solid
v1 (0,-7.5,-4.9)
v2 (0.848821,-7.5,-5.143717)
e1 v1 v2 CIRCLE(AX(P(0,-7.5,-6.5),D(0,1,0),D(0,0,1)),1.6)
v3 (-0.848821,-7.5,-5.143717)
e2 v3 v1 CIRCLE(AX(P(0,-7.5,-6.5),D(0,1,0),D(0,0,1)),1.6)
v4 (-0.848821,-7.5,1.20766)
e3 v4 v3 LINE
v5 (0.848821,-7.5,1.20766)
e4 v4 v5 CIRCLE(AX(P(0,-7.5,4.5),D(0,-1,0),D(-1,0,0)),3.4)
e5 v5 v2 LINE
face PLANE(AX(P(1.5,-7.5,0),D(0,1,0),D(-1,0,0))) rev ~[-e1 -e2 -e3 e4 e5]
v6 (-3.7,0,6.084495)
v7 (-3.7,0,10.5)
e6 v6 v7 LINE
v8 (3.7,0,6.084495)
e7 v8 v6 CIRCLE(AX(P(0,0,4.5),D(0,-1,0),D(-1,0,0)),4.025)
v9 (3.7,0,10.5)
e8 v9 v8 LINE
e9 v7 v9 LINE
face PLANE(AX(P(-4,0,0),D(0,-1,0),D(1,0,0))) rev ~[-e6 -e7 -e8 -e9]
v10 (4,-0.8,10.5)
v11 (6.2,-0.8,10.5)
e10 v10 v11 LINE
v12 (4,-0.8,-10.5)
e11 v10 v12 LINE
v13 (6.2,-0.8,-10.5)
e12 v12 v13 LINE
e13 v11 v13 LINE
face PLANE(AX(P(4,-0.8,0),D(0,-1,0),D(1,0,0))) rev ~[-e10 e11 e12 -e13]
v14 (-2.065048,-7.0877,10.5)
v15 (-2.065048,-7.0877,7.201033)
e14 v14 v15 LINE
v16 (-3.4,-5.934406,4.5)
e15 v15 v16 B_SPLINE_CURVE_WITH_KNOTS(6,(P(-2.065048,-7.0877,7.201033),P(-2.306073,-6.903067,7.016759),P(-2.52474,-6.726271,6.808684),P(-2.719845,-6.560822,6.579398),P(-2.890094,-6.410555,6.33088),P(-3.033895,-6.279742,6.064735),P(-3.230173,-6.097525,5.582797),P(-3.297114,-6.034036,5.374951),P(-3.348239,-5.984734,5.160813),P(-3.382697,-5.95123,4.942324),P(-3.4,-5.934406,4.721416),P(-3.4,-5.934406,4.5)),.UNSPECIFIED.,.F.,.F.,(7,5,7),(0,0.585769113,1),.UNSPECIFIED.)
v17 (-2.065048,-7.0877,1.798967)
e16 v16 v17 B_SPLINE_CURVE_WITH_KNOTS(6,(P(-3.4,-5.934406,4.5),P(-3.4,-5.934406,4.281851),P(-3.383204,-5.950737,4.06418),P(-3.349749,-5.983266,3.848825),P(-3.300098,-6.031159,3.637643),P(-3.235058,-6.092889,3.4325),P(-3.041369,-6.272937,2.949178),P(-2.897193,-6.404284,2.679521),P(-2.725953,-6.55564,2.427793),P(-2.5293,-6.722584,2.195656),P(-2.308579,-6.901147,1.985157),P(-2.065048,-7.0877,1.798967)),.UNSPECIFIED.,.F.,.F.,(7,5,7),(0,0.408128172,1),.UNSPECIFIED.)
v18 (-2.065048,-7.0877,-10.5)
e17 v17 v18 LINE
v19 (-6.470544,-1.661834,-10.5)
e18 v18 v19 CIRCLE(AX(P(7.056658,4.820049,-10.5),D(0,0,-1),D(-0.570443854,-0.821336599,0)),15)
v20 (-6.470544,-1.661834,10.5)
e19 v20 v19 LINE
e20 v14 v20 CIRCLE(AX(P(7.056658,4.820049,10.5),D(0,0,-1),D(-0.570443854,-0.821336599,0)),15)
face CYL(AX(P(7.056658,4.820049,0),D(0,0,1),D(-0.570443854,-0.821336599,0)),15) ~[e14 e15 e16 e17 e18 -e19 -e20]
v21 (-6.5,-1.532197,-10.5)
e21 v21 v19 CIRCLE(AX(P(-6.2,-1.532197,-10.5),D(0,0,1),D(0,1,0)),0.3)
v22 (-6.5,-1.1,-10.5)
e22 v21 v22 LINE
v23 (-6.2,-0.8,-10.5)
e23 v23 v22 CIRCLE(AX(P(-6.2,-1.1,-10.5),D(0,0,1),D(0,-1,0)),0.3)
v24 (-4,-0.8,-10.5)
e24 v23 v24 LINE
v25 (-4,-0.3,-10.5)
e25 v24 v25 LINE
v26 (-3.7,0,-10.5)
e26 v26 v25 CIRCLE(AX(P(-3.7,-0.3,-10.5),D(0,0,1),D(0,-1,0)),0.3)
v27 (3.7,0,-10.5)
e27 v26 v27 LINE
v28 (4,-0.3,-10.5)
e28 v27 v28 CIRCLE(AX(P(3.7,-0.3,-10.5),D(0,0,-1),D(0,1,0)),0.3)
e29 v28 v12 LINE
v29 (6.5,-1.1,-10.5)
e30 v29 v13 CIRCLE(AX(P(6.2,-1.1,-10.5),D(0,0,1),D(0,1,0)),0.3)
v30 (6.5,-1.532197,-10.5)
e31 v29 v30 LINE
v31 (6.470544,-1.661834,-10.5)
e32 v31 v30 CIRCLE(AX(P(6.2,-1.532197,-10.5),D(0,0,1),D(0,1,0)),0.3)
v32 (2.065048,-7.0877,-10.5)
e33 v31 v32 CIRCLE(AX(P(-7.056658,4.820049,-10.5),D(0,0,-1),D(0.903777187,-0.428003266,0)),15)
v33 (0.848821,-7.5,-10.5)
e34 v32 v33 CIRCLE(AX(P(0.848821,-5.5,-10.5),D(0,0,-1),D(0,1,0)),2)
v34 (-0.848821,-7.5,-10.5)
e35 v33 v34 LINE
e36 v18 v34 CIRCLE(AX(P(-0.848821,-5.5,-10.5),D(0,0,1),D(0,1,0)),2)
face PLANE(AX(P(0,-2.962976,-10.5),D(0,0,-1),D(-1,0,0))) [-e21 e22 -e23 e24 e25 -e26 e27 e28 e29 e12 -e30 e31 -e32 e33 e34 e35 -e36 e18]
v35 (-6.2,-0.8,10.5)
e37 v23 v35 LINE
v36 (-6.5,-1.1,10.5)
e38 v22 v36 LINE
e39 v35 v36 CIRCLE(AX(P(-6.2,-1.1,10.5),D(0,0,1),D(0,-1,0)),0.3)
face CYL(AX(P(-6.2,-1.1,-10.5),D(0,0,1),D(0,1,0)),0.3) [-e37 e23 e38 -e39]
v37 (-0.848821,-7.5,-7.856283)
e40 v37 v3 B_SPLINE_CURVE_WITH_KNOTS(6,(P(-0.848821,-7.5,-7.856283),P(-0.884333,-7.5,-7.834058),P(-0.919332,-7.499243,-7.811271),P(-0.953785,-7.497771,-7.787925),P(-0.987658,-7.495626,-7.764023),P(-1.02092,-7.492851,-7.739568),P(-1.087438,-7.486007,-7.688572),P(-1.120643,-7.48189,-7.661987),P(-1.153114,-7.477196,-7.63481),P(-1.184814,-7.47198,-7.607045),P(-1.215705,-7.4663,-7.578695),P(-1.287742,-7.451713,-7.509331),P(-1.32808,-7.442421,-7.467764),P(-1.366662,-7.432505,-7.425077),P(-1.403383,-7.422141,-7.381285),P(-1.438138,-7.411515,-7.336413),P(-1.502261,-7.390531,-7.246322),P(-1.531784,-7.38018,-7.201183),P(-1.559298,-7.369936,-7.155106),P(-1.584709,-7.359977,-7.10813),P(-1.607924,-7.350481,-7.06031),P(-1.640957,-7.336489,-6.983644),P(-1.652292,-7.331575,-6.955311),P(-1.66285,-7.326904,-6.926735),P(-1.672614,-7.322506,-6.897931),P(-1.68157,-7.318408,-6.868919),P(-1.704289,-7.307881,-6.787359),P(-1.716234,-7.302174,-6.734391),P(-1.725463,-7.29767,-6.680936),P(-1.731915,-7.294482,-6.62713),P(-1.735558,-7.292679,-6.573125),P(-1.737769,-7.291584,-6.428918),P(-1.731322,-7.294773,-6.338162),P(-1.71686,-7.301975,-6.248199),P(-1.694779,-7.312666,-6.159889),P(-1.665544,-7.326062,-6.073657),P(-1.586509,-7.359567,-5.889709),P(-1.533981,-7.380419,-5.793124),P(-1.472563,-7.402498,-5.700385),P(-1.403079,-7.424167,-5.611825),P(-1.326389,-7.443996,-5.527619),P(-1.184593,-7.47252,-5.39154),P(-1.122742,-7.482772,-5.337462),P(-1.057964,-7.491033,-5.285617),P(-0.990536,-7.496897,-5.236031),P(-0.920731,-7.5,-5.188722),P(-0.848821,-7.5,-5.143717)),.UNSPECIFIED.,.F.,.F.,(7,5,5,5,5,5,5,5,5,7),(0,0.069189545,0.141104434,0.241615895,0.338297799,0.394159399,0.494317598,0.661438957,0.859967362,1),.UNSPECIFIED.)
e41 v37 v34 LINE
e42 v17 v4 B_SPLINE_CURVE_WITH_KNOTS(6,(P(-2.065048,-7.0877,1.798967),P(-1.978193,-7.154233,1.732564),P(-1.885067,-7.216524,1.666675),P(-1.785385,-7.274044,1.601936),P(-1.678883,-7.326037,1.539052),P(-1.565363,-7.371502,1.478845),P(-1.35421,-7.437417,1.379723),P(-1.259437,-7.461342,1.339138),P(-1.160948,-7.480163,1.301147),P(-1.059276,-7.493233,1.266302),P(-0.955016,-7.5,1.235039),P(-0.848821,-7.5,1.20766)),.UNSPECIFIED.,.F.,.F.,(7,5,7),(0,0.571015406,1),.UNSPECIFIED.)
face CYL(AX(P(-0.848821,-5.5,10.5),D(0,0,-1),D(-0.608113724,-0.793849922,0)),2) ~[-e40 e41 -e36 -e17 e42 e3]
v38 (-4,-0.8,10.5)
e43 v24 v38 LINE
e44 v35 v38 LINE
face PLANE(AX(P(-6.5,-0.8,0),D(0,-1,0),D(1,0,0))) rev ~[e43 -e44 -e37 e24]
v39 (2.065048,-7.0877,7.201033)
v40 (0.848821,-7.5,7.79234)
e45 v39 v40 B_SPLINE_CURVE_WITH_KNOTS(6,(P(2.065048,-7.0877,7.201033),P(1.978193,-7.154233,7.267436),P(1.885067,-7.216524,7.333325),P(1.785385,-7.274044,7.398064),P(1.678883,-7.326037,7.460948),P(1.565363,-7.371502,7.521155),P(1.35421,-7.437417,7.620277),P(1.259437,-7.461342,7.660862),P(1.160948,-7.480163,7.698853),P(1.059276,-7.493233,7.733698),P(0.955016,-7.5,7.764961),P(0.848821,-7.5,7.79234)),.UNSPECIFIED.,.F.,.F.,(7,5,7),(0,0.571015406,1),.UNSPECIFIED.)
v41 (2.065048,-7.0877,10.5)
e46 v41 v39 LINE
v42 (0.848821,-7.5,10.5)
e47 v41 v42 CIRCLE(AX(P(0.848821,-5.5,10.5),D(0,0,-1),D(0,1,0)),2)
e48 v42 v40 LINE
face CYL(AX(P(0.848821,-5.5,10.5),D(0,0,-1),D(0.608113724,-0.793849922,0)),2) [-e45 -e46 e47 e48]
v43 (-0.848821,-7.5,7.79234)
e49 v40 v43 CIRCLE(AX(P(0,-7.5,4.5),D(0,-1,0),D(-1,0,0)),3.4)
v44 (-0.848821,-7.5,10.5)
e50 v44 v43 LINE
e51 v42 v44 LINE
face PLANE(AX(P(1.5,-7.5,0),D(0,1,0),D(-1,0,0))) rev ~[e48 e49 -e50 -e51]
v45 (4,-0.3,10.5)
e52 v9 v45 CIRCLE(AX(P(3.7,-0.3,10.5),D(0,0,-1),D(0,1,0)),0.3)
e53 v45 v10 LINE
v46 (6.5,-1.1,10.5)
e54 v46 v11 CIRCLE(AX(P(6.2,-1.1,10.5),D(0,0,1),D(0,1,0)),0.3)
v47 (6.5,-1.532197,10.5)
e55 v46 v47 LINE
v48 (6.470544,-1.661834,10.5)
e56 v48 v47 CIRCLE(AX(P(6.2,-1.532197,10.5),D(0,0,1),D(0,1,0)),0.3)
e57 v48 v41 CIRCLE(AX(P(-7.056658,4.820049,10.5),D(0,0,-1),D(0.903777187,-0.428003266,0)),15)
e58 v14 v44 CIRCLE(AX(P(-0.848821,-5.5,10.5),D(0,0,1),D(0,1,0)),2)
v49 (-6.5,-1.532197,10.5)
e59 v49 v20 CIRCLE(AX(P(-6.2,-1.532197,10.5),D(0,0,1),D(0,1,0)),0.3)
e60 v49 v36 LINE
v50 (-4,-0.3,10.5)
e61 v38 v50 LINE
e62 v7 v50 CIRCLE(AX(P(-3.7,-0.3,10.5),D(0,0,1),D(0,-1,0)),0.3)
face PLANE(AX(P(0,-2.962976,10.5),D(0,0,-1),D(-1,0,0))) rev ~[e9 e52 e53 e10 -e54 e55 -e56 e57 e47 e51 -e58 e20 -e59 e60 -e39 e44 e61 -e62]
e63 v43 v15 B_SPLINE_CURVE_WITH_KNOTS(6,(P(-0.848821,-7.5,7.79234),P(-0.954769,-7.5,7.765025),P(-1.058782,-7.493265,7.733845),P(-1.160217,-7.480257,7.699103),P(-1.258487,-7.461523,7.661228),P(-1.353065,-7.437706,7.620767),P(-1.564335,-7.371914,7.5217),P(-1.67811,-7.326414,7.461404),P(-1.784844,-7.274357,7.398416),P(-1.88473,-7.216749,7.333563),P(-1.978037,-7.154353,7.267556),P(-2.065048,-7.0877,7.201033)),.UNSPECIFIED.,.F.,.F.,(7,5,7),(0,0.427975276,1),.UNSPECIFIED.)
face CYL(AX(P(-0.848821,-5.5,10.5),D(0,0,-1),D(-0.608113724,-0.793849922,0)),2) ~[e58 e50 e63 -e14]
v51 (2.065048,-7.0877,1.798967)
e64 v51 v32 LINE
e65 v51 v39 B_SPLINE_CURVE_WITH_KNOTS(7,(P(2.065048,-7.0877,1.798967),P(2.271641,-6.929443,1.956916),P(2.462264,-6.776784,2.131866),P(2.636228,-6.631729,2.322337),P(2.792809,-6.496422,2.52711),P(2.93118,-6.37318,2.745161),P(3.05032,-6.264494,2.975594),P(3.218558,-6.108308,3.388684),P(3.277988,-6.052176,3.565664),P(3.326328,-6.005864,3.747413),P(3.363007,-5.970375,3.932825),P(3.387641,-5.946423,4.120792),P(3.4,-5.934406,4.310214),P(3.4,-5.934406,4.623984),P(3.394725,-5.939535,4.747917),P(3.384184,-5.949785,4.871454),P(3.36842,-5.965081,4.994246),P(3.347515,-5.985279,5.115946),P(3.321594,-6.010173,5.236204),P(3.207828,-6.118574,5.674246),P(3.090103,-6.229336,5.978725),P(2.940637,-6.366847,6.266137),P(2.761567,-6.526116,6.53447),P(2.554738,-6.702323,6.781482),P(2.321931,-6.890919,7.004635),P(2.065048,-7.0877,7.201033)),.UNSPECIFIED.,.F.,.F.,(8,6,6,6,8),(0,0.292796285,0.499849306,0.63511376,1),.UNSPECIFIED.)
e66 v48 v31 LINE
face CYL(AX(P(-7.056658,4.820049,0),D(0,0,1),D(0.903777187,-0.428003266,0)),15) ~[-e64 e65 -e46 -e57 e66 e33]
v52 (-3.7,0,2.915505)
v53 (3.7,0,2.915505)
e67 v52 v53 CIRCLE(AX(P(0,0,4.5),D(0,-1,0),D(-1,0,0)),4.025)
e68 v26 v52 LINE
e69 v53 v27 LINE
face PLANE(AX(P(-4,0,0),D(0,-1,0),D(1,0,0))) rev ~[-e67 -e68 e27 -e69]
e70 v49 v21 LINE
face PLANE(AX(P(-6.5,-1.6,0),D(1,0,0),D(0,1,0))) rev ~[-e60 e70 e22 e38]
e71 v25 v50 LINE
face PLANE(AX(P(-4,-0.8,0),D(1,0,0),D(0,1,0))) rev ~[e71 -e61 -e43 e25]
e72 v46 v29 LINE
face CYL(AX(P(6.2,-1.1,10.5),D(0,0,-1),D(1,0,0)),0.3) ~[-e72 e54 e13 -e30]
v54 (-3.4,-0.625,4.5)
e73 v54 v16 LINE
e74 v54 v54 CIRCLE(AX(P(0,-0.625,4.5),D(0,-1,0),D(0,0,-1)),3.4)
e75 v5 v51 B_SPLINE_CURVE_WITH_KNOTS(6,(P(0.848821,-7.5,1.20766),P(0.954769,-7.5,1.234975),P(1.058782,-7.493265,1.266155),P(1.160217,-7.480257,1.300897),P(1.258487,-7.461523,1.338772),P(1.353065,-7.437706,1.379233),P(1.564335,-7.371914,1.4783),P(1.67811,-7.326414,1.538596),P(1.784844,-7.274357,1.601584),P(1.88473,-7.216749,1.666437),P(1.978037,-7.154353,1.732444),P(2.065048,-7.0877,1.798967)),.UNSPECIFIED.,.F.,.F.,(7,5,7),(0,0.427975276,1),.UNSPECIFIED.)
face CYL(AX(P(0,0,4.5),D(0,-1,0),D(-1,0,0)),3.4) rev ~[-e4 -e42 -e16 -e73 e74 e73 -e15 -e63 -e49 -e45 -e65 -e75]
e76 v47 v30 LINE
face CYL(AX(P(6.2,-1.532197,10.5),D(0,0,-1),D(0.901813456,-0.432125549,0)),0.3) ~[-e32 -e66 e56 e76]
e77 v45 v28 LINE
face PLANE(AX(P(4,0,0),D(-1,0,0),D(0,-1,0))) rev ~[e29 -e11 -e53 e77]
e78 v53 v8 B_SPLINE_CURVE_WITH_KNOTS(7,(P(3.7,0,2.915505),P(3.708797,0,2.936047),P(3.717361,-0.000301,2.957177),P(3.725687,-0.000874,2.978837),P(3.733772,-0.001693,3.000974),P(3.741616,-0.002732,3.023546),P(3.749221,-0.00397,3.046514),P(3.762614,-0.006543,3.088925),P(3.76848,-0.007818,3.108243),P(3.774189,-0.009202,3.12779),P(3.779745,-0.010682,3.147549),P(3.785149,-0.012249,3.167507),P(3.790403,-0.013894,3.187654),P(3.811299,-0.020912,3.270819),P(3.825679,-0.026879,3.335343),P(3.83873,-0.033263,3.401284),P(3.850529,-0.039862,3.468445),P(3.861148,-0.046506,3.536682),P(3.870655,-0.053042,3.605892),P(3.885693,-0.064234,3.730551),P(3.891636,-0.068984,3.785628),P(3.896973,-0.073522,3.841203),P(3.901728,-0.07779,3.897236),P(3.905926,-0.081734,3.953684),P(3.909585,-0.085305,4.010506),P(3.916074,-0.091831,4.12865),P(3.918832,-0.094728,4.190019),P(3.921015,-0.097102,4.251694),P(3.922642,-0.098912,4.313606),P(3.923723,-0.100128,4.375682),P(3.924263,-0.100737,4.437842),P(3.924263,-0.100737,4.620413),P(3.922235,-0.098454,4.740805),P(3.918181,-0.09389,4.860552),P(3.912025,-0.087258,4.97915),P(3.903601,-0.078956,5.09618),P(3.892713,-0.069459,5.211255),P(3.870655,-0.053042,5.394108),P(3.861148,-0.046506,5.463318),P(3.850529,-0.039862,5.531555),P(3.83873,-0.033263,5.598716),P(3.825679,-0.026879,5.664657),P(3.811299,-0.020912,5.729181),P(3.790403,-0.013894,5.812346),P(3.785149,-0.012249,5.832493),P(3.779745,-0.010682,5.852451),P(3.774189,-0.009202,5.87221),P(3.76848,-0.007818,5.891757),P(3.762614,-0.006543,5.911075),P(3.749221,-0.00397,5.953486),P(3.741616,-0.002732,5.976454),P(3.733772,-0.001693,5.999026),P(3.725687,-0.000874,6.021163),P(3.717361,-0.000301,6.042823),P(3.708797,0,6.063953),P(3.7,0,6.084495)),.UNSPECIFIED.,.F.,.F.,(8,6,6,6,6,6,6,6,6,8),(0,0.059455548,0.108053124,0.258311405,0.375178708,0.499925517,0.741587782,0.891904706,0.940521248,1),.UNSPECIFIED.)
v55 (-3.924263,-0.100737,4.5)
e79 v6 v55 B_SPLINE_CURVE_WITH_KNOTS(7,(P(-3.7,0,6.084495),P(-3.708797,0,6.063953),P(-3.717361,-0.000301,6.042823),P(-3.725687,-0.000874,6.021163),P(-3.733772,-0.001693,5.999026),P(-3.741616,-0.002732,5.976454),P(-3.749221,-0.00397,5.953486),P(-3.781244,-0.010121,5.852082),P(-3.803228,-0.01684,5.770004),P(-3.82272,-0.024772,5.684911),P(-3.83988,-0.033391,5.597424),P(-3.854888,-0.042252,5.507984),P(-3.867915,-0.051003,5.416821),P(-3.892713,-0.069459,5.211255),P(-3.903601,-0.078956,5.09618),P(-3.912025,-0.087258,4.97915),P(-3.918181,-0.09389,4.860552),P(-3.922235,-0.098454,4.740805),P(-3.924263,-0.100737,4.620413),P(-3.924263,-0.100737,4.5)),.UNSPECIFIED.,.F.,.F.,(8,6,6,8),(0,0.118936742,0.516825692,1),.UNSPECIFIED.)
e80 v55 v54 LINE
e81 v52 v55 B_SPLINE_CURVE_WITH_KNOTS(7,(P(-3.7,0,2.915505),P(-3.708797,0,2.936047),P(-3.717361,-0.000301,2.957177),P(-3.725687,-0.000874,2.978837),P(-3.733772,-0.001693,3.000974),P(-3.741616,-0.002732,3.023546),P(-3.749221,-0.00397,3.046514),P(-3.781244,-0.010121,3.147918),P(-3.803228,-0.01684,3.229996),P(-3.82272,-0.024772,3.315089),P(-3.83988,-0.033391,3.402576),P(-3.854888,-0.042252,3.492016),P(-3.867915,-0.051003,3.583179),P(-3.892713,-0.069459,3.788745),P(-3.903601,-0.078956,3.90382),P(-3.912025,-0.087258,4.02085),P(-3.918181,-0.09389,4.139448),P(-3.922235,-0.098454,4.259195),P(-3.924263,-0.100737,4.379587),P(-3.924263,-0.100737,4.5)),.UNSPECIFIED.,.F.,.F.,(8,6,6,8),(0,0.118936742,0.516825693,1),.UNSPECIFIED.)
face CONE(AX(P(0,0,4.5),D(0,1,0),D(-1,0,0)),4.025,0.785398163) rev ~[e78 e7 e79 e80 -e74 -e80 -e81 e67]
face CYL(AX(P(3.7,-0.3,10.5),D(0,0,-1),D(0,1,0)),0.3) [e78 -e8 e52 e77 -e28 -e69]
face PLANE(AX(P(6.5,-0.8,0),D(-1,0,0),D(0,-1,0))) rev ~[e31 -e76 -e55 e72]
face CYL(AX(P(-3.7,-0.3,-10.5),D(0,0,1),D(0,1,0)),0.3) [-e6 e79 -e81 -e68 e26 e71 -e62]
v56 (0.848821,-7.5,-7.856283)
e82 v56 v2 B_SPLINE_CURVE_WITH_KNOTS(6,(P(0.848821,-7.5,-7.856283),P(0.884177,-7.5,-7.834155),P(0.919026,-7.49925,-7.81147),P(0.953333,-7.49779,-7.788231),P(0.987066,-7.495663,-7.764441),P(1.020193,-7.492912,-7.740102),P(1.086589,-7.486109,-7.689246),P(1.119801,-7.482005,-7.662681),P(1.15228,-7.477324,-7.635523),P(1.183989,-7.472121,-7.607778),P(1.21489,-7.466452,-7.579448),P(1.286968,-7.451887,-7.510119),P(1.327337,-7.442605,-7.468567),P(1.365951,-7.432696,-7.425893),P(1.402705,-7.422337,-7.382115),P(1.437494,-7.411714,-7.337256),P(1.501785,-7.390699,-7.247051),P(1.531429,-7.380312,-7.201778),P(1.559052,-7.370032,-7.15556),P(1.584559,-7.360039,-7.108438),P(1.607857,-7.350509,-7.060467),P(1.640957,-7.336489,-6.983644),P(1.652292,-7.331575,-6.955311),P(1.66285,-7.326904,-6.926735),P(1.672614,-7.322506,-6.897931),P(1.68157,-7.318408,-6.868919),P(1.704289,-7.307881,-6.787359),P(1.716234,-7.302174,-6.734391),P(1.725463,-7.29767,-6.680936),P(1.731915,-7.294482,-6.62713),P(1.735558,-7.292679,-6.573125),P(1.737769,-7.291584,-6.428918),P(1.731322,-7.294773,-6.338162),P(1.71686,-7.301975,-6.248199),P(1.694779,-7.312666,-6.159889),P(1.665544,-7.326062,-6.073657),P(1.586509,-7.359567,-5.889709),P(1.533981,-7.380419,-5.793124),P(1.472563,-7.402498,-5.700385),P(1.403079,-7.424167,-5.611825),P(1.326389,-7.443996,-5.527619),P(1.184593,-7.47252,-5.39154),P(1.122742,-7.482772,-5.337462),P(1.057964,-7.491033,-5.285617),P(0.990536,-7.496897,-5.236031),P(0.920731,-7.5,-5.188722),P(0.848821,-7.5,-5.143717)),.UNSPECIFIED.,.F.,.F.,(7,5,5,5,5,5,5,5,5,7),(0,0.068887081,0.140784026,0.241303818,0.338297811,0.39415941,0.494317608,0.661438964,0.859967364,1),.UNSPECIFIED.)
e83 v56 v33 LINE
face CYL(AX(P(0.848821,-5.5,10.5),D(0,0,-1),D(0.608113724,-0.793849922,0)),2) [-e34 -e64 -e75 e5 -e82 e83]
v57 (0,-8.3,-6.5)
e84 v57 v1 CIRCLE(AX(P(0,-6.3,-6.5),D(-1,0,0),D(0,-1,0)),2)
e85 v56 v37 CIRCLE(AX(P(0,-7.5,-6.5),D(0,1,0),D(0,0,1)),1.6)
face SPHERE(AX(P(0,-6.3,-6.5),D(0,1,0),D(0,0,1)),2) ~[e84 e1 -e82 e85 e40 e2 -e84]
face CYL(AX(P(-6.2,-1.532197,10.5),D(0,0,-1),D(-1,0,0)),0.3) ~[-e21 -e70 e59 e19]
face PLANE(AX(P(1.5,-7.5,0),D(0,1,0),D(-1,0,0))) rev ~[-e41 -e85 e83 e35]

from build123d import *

# Parameters (mm, degrees)
EXTRUDE_1_DEPTH             = 10.5
FILLET_1_R                  = 0.3
FILLET_2_R                  = 2
HOLE_WIZARD_M82_D           = 6.8
HOLE_WIZARD_M82_CSINK_D     = 8.05
HOLE_WIZARD_M82_CSINK_ANGLE = 90


with BuildPart() as part:
    # Эскиз1 → Бобышка-Вытянуть1 (new body, symmetric)
    with BuildSketch(Plane.XY):
        with BuildLine():
            Line((-4, 0), (4, 0))
            Line((4, 0), (4, -0.8))
            Line((4, -0.8), (6.5, -0.8))
            Line((6.5, -0.8), (6.5, -1.6))
            ThreePointArc((6.5, -1.6), (4.386776199, -4.87777644), (1.5, -7.5))
            Line((1.5, -7.5), (-1.5, -7.5))
            ThreePointArc((-1.5, -7.5), (-4.386776199, -4.87777644), (-6.5, -1.6))
            Line((-6.5, -1.6), (-6.5, -0.8))
            Line((-6.5, -0.8), (-4, -0.8))
            Line((-4, -0.8), (-4, 0))
        make_face()
    extrude(amount=EXTRUDE_1_DEPTH, both=True)

    # Скругление1
    fillet_1_edges = [part.edges().sort_by_distance(p)[0] for p in [
        (6.5, -0.8, 0),
        (6.5, -1.6, 0),
        (-6.5, -1.6, 0),
        (-6.5, -0.8, 0),
        (-4, 0, 0),
        (4, 0, 0),
    ]]
    fillet(fillet_1_edges, radius=FILLET_1_R)

    # Скругление2
    fillet_2_edges = [part.edges().sort_by_distance(p)[0] for p in [
        (1.5, -7.5, 0),
        (-1.5, -7.5, 0),
    ]]
    fillet(fillet_2_edges, radius=FILLET_2_R)

    # Отверстие обработанное метчиком M82 (through all)
    with Locations(Plane(origin=(0, 0, 0), x_dir=(1, 0, 0), z_dir=(0, 1, 0))):
        with Locations((0, -4.5)):
            CounterSinkHole(HOLE_WIZARD_M82_D / 2, HOLE_WIZARD_M82_CSINK_D / 2, counter_sink_angle=HOLE_WIZARD_M82_CSINK_ANGLE)

    # Эскиз5 → Повернуть1 (revolve)
    with BuildSketch(Plane(origin=(0, 0, 0), x_dir=(0, 0, -1), z_dir=(1, 0, 0))):
        with BuildLine():
            Line((6.5, -4.3), (6.5, -8.3))
            ThreePointArc((6.5, -8.3), (4.5, -6.3), (6.5, -4.3))
        make_face()
    revolve(axis=Axis((0, -4.3, -6.5), (0, -1, 0)))


solid = part.part
